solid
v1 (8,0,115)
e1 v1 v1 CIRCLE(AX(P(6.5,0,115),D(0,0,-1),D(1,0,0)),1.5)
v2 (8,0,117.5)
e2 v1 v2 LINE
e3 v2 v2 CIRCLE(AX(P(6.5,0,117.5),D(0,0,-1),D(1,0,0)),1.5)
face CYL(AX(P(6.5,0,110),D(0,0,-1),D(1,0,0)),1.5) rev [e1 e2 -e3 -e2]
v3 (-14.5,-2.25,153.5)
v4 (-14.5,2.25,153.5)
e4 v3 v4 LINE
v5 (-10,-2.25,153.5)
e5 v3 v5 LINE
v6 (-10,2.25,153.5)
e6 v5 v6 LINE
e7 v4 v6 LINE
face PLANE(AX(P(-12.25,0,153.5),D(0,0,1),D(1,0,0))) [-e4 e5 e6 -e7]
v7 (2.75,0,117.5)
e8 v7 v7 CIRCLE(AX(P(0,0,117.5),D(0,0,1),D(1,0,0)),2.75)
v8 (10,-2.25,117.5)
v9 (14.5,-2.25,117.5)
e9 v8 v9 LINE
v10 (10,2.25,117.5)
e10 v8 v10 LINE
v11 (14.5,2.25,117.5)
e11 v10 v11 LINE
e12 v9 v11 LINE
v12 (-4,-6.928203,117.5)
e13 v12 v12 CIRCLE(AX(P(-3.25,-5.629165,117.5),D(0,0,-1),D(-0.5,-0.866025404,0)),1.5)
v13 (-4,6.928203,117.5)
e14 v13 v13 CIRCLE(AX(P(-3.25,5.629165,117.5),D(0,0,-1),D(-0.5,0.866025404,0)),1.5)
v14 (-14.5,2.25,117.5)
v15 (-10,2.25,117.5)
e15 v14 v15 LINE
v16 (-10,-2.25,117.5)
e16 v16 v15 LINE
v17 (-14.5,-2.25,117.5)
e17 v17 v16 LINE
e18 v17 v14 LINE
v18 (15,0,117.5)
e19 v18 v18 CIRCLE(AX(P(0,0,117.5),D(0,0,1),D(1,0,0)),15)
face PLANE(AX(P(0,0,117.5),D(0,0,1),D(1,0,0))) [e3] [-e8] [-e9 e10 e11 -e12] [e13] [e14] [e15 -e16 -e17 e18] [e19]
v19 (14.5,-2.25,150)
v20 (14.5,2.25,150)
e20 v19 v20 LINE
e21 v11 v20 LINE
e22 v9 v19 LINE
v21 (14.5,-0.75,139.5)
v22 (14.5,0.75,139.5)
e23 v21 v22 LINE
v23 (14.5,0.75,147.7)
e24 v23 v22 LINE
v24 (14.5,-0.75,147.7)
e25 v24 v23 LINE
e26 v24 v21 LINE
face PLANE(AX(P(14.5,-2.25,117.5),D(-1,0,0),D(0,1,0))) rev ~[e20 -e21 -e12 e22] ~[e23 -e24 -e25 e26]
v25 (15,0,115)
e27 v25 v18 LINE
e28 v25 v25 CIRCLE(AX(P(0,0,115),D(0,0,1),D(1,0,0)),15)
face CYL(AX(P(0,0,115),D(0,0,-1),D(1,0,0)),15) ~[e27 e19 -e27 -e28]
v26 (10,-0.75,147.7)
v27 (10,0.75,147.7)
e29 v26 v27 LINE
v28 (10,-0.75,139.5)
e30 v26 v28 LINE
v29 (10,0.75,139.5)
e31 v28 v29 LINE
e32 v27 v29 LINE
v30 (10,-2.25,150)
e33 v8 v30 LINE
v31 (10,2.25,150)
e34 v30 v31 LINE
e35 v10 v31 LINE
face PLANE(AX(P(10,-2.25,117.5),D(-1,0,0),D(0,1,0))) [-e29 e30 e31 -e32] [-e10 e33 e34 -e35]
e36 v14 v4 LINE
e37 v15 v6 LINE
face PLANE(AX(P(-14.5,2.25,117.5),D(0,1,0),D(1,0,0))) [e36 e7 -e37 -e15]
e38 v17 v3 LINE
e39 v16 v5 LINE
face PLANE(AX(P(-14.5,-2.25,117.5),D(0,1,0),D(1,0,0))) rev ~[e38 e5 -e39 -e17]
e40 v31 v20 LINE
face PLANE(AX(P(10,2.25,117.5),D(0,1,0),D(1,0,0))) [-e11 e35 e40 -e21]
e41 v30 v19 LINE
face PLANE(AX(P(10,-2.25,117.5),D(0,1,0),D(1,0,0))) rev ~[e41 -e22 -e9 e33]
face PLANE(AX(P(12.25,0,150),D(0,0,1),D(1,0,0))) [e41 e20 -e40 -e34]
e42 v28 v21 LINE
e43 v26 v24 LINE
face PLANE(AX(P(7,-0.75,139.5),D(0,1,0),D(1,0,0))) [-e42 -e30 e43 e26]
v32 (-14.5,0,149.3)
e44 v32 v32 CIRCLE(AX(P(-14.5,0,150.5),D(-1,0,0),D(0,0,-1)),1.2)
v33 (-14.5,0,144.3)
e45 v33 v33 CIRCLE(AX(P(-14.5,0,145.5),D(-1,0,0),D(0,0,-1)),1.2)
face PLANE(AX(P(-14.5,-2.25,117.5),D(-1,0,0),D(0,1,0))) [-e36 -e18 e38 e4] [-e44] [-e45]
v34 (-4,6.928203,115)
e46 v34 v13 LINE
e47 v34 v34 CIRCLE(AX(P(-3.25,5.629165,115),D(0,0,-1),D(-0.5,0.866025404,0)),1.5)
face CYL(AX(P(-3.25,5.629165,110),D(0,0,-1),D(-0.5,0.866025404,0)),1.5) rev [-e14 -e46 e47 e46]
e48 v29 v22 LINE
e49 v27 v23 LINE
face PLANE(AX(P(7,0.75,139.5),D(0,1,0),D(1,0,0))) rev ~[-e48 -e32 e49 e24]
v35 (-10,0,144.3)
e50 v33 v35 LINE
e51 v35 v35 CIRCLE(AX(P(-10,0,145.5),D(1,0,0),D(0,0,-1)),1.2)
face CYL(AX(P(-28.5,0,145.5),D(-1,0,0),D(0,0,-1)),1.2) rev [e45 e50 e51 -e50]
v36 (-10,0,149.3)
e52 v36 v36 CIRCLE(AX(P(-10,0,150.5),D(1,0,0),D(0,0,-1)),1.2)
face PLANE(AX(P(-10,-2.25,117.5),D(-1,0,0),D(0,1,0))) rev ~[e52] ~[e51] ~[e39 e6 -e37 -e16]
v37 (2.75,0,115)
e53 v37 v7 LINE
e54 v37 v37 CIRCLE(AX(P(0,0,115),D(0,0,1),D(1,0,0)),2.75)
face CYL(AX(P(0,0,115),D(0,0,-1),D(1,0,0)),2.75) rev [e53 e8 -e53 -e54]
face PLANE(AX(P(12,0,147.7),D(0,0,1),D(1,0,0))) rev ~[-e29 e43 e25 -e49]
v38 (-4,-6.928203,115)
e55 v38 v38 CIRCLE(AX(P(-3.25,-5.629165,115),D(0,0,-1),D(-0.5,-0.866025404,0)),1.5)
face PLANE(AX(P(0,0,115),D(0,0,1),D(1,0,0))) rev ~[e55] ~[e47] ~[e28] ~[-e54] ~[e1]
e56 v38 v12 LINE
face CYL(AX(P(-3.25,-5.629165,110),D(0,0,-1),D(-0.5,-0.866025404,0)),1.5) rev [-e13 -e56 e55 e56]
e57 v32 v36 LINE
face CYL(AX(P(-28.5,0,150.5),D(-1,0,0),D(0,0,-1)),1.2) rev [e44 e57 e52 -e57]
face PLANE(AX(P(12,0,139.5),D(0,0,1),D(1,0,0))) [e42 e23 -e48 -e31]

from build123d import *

# Parameters (mm, degrees)
CYLINDER005_R     = 1.5
CYLINDER005_DEPTH = 10
ARRAY007_COUNT    = 3
TUBE014_R         = 15
TUBE014_R_2       = 2.75
TUBE014_DEPTH     = 2.5
BOX001_W          = 10
BOX001_H          = 1.5
BOX001_DEPTH      = 8.2
BOX_W             = 4.5
BOX_H             = 4.5
BOX_DEPTH         = 32.5
CYLINDER026_R     = 1.2
CYLINDER026_DEPTH = 18.5
CYLINDER027_R     = 1.2
CYLINDER027_DEPTH = 18.5
BOX021_W          = 4.5
BOX021_H          = 4.5
BOX021_DEPTH      = 36


with BuildPart() as pistonconnectorscrewcutters:
    # Cylinder005 → Cylinder005 (new body)
    with BuildSketch(Plane(origin=(6.5, 0, 110), x_dir=(1, 0, 0), z_dir=(0, 0, 1))):
        Circle(CYLINDER005_R)
    extrude(amount=CYLINDER005_DEPTH)

    # Array007: PistonConnectorScrewCutters ×3 about axis
    array007_axis = Axis((0, 0, 0), (0, 0, 1))


with BuildPart() as pistonconnectorscrewcutters_1:
    add(pistonconnectorscrewcutters.part)
    for i in range(1, ARRAY007_COUNT):
        add(pistonconnectorscrewcutters.part.rotate(array007_axis, i * 360 / ARRAY007_COUNT))


with BuildPart() as faderhookconnector:
    # Tube014 → Tube014 (new body)
    with BuildSketch(Plane.XY.offset(115)):
        Circle(TUBE014_R)
        Circle(TUBE014_R_2, mode=Mode.SUBTRACT)
    extrude(amount=TUBE014_DEPTH)


with BuildPart() as faderlevelcutter:
    # Box001 → Box001 (new body)
    with BuildSketch(Plane(origin=(7, -0.75, 139.5), x_dir=(1, 0, 0), z_dir=(0, 0, 1))):
        with Locations((5, 0.75)):
            Rectangle(BOX001_W, BOX001_H)
    extrude(amount=BOX001_DEPTH)


with BuildPart() as faderhookconnector2:
    # Box → Box (new body)
    with BuildSketch(Plane(origin=(10, -2.25, 117.5), x_dir=(1, 0, 0), z_dir=(0, 0, 1))):
        with Locations((2.25, 2.25)):
            Rectangle(BOX_W, BOX_H)
    extrude(amount=BOX_DEPTH)

    # Cut001: cut FaderLevelCutter
    add(faderlevelcutter.part, mode=Mode.SUBTRACT)

    # Fusion004: union FaderHookConnector
    add(faderhookconnector.part)

    # Cut033: cut PistonConnectorScrewCutters
    add(pistonconnectorscrewcutters_1.part, mode=Mode.SUBTRACT)


with BuildPart() as safetybuttonshookscrewcutter:
    # Cylinder026 → Cylinder026 (new body)
    with BuildSketch(Plane(origin=(-28.5, 0, 150.5), x_dir=(0, 0, -1), z_dir=(1, 0, 0))):
        Circle(CYLINDER026_R)
    extrude(amount=CYLINDER026_DEPTH)


with BuildPart() as safetybuttonhookescrewcutters:
    # Cylinder027 → Cylinder027 (new body)
    with BuildSketch(Plane(origin=(-28.5, 0, 145.5), x_dir=(0, 0, -1), z_dir=(1, 0, 0))):
        Circle(CYLINDER027_R)
    extrude(amount=CYLINDER027_DEPTH)

    # Fusion013: union SafetyButtonsHookScrewCutter
    add(safetybuttonshookscrewcutter.part)


with BuildPart() as pistonhooks:
    # Box021 → Box021 (new body)
    with BuildSketch(Plane(origin=(-14.5, -2.25, 117.5), x_dir=(1, 0, 0), z_dir=(0, 0, 1))):
        with Locations((2.25, 2.25)):
            Rectangle(BOX021_W, BOX021_H)
    extrude(amount=BOX021_DEPTH)

    # Cut050: cut SafetyButtonHookeScrewCutters
    add(safetybuttonhookescrewcutters.part, mode=Mode.SUBTRACT)

    # Fusion014: union FaderHookConnector2
    add(faderhookconnector2.part)


solid = pistonhooks.part
